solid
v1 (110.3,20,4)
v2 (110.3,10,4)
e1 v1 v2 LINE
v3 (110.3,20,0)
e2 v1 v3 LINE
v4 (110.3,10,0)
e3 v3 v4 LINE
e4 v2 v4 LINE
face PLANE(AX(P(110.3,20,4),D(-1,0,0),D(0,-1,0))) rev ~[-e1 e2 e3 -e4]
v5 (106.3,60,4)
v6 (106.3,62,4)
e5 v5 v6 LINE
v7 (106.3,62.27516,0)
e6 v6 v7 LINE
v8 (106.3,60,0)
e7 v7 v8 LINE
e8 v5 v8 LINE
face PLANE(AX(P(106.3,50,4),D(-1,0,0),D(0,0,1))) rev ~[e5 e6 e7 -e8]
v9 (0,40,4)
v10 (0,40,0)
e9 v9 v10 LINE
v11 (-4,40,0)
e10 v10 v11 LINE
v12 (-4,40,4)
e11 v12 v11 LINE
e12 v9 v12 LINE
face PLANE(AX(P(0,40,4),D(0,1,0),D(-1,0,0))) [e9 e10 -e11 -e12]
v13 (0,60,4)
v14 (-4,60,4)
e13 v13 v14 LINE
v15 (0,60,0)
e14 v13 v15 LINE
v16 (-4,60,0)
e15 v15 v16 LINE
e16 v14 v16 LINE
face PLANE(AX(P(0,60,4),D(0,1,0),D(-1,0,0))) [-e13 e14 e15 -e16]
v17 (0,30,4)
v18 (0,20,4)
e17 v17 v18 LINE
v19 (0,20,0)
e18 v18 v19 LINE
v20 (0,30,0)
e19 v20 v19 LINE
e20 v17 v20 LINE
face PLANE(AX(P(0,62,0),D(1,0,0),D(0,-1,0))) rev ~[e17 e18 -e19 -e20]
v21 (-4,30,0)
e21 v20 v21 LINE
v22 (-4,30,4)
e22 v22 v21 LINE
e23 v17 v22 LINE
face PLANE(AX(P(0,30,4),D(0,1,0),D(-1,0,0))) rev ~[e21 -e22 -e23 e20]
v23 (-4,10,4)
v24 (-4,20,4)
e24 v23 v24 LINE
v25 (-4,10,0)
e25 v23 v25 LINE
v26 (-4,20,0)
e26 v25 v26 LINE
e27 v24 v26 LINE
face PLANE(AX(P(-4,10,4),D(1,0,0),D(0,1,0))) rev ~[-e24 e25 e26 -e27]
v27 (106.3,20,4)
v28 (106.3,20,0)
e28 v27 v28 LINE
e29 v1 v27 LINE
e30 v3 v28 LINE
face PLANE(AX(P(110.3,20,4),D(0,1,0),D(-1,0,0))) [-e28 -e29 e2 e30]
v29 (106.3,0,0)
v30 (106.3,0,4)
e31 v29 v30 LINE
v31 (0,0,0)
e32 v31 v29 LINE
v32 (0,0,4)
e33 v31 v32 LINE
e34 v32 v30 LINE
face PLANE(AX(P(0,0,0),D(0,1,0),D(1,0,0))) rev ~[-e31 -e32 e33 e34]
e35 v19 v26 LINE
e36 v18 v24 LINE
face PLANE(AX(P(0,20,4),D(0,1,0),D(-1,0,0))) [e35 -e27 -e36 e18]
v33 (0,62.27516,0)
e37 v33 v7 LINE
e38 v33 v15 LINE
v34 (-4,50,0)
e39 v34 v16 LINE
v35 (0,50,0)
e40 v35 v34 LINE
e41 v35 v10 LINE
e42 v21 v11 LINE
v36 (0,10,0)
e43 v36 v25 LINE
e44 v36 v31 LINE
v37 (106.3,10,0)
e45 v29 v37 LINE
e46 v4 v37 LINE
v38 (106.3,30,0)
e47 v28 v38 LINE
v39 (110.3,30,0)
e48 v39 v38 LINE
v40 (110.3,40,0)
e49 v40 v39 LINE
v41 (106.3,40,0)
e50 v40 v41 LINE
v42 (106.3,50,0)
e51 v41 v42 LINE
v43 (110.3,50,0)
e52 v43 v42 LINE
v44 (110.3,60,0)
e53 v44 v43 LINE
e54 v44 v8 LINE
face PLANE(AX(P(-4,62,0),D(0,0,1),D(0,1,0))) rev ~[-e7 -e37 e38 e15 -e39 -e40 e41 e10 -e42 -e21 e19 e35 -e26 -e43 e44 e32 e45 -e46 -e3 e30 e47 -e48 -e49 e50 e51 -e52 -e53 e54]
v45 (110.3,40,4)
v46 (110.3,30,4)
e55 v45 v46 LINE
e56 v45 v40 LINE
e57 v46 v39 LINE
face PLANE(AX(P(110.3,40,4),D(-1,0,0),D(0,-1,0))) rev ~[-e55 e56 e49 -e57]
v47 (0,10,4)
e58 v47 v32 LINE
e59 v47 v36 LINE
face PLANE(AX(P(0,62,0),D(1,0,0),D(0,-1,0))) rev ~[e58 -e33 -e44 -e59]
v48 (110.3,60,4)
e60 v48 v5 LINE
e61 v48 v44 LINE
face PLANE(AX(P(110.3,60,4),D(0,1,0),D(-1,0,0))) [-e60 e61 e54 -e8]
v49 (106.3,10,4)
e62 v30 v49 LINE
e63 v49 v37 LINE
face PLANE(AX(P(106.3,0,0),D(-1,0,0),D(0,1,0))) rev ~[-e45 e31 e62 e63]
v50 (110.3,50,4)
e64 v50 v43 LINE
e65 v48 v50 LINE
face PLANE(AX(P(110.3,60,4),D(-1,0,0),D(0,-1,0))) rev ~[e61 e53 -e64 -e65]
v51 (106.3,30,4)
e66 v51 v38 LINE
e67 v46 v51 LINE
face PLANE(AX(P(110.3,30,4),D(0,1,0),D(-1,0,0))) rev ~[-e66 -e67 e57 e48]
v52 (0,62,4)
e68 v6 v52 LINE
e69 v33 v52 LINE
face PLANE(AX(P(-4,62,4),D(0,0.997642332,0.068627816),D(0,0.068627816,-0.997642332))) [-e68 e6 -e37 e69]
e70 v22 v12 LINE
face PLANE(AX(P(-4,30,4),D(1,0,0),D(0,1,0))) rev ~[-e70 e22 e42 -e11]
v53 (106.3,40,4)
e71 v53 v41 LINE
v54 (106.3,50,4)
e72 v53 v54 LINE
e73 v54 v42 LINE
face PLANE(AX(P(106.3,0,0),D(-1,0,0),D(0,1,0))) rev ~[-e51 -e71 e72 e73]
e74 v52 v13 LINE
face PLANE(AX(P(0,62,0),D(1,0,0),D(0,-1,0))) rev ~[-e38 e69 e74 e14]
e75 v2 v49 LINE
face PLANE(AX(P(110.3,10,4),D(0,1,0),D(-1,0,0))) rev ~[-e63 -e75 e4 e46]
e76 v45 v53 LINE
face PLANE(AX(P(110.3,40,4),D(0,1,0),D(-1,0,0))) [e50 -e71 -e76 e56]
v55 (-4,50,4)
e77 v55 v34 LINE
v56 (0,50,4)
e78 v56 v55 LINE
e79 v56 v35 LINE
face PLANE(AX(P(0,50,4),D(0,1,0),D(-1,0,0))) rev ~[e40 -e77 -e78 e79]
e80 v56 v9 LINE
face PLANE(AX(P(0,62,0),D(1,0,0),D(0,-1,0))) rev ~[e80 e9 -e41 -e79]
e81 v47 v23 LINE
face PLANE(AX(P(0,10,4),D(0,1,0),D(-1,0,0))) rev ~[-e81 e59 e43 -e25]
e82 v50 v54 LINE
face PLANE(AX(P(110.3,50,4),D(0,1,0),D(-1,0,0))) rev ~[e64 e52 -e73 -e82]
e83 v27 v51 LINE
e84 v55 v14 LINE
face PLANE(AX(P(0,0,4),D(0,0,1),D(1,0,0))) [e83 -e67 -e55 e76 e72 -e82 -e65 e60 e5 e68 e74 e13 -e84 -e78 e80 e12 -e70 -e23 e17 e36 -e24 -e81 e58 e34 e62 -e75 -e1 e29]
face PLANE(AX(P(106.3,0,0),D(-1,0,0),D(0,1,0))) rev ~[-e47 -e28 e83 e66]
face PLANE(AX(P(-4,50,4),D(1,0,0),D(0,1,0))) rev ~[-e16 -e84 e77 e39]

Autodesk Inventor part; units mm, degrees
ref_plane "YZ Plane" through (0, 0, 0) normal (1, 0, 0) x (0, 1, 0)
ref_plane "XZ Plane" through (0, 0, 0) normal (0, 1, 0) x (-1, 0, 0)
ref_plane "XY Plane" through (0, 0, 0) normal (0, 0, 1) x (1, 0, 0)
sketch "Эскиз1" plane through (0, 0, 0) normal (0, 0, 1) x (1, 0, 0)
  line L0 (0, 0) -> (106.3, 0)
  line L1 (106.3, 0) -> (106.3, 62)
  line L2 (106.3, 62) -> (0, 62)
  line L3 (0, 62) -> (0, 0)
  dimension "d0" = 106.3
  dimension "d1" = 62
extrude "Выдавливание1" add sketch "Эскиз1" along normal blind 4
sketch "Эскиз2" plane through (0, 0, 4) normal (0, 0, 1) x (1, 0, 0)
  line L0 (106.3, 10) -> (106.3, 20) projected
  line L1 (110.3, 10) -> (106.3, 10) projected
  line L2 (110.3, 20) -> (110.3, 10) projected
  line L3 (110.3, 20) -> (106.3, 20) projected
  line L4 (106.3, 30) -> (106.3, 40) projected
  line L5 (110.3, 30) -> (106.3, 30) projected
  line L6 (110.3, 40) -> (110.3, 30) projected
  line L7 (110.3, 40) -> (106.3, 40) projected
  line L8 (106.3, 50) -> (106.3, 60) projected
  line L9 (110.3, 50) -> (106.3, 50) projected
  line L10 (110.3, 60) -> (110.3, 50) projected
  line L11 (110.3, 60) -> (106.3, 60) projected
  line L12 (-4, 10) -> (-4, 20) projected
  line L13 (0, 10) -> (-4, 10) projected
  line L14 (0, 20) -> (0, 10) projected
  line L15 (0, 20) -> (-4, 20) projected
  line L16 (-4, 30) -> (-4, 40) projected
  line L17 (0, 30) -> (-4, 30) projected
  line L18 (0, 40) -> (0, 30) projected
  line L19 (0, 40) -> (-4, 40) projected
  line L20 (-4, 50) -> (-4, 60) projected
  line L21 (0, 50) -> (-4, 50) projected
  line L22 (0, 60) -> (0, 50) projected
  line L23 (0, 60) -> (-4, 60) projected
  point P0 (0, 0)
extrude "Выдавливание2" add sketch "Эскиз2" against normal up to surface (4 mm away)
sketch "Эскиз3" plane through (-4, 50, 4) normal (-1, 0, 0) x (0, 0, 1)
  line L0 (-4, 10) -> (0, 10) projected
  line L1 (0, 10) -> (0, 16) projected
  line L2 (0, 16) -> (-10, 16.6879) projected
  line L3 (-10, 16.6879) -> (-10, 12.6879) projected
  line L4 (-10, 12.6879) -> (-20, 13.3759) projected
  line L5 (-20, 13.3759) -> (-20, 17.3759) projected
  line L6 (-20, 17.3759) -> (-30, 18.0638) projected
  line L7 (-30, 18.0638) -> (-30, 14.0638) projected
  line L8 (-30, 14.0638) -> (-40, 14.7517) projected
  line L9 (-40, 14.7517) -> (-40, 18.7517) projected
  line L10 (-40, 18.7517) -> (-50, 19.4397) projected
  line L11 (-50, 19.4397) -> (-50, 15.4397) projected
  line L12 (-50, 15.4397) -> (-60, 16.1276) projected
  line L13 (-60, 16.1276) -> (-60, 20.1276) projected
  line L14 (-60, 20.1276) -> (-70, 20.8155) projected
  line L15 (-70, 20.8155) -> (-70, 16.8155) projected
  line L16 (-70, 16.8155) -> (-80, 17.5035) projected
  line L17 (-80, 17.5035) -> (-80, 21.5035) projected
  line L18 (-80, 21.5035) -> (-90, 22.1914) projected
  line L19 (-90, 22.1914) -> (-90, 18.1914) projected
  line L20 (-90, 18.1914) -> (-100, 18.8794) projected
  line L21 (-100, 18.8794) -> (-100, 22.8794) projected
  line L22 (-100, 22.8794) -> (-110, 23.5673) projected
  line L23 (-110, 23.5673) -> (-110, 19.5673) projected
  line L24 (-110, 19.5673) -> (-120, 20.2552) projected
  line L25 (-120, 20.2552) -> (-120, 24.2552) projected
  line L26 (-120, 24.2552) -> (-130, 24.9432) projected
  line L27 (-130, 24.9432) -> (-130, 20.9432) projected
  line L28 (-130, 20.9432) -> (-140, 21.6311) projected
  line L29 (-140, 21.6311) -> (-140, 25.6311) projected
  line L30 (-140, 25.6311) -> (-145.3625, 26) projected
  line L31 (-145.3625, 26) -> (-145.3625, 16) projected
  line L32 (-145.3625, 16) -> (-208, -30) projected
  line L33 (-208, -50) -> (-208, -30) projected
  line L34 (-187, -50) -> (-208, -50) projected
  line L35 (-187, -54) -> (-187, -50) projected
  line L36 (-177, -54) -> (-187, -54) projected
  line L37 (-177, -50) -> (-177, -54) projected
  line L38 (-167, -50) -> (-177, -50) projected
  line L39 (-167, -54) -> (-167, -50) projected
  line L40 (-157, -54) -> (-167, -54) projected
  line L41 (-157, -50) -> (-157, -54) projected
  line L42 (-147, -50) -> (-157, -50) projected
  line L43 (-147, -54) -> (-147, -50) projected
  line L44 (-137, -54) -> (-147, -54) projected
  line L45 (-137, -50) -> (-137, -54) projected
  line L46 (-127, -50) -> (-137, -50) projected
  line L47 (-127, -54) -> (-127, -50) projected
  line L48 (-117, -54) -> (-127, -54) projected
  line L49 (-117, -50) -> (-117, -54) projected
  line L50 (-107, -50) -> (-117, -50) projected
  line L51 (-107, -54) -> (-107, -50) projected
  line L52 (-97, -54) -> (-107, -54) projected
  line L53 (-97, -50) -> (-97, -54) projected
  line L54 (-87, -50) -> (-97, -50) projected
  line L55 (-87, -54) -> (-87, -50) projected
  line L56 (-77, -54) -> (-87, -54) projected
  line L57 (-77, -50) -> (-77, -54) projected
  line L58 (-67, -50) -> (-77, -50) projected
  line L59 (-67, -54) -> (-67, -50) projected
  line L60 (-57, -54) -> (-67, -54) projected
  line L61 (-57, -50) -> (-57, -54) projected
  line L62 (-47, -50) -> (-57, -50) projected
  line L63 (-47, -54) -> (-47, -50) projected
  line L64 (-37, -54) -> (-47, -54) projected
  line L65 (-37, -50) -> (-37, -54) projected
  line L66 (-27, -50) -> (-37, -50) projected
  line L67 (-27, -54) -> (-27, -50) projected
  line L68 (-17, -54) -> (-27, -54) projected
  line L69 (-17, -50) -> (-17, -54) projected
  line L70 (-17, -50) -> (0, -50) projected
  line L71 (0, -50) -> (0, -40) projected
  line L72 (0, -40) -> (-4, -40) projected
  line L73 (-4, -40) -> (-4, -30) projected
  line L74 (-4, -30) -> (0, -30) projected
  line L75 (0, -30) -> (0, -20) projected
  line L76 (0, -20) -> (-4, -20) projected
  line L77 (-4, -20) -> (-4, -10) projected
  line L78 (-4, -10) -> (0, -10) projected
  line L79 (0, -10) -> (0, 0) projected
  line L80 (0, 0) -> (-4, 0) projected
  line L81 (-4, 0) -> (-4, 10) projected
  line L82 (-4, 12) -> (0, 12) projected
  line L83 (0, 12) -> (-10, 12.6879) projected
  line L84 (-4, 12) -> (-4, 13.5119)
  point P0 (-4, -50)
  point P1 (-4, 12.2752)
extrude "Выдавливание3" add sketch "Эскиз3" against normal up to surface (110.3 mm away) contours L82 L84 L83
sketch "Эскиз4" plane through (-4, 50, 4) normal (-1, 0, 0) x (0, 0, 1)
  line L0 (-4, 12) -> (0, 12) projected
  line L1 (0, 12) -> (-4, 12.2752) projected
  line L2 (-4, 12.2752) -> (-4, 12) projected
  point P0 (-4, -50)
extrude "Выдавливание4" cut sketch "Эскиз4" against normal up to surface (4 mm away)
properties part number "стульчак 4"
